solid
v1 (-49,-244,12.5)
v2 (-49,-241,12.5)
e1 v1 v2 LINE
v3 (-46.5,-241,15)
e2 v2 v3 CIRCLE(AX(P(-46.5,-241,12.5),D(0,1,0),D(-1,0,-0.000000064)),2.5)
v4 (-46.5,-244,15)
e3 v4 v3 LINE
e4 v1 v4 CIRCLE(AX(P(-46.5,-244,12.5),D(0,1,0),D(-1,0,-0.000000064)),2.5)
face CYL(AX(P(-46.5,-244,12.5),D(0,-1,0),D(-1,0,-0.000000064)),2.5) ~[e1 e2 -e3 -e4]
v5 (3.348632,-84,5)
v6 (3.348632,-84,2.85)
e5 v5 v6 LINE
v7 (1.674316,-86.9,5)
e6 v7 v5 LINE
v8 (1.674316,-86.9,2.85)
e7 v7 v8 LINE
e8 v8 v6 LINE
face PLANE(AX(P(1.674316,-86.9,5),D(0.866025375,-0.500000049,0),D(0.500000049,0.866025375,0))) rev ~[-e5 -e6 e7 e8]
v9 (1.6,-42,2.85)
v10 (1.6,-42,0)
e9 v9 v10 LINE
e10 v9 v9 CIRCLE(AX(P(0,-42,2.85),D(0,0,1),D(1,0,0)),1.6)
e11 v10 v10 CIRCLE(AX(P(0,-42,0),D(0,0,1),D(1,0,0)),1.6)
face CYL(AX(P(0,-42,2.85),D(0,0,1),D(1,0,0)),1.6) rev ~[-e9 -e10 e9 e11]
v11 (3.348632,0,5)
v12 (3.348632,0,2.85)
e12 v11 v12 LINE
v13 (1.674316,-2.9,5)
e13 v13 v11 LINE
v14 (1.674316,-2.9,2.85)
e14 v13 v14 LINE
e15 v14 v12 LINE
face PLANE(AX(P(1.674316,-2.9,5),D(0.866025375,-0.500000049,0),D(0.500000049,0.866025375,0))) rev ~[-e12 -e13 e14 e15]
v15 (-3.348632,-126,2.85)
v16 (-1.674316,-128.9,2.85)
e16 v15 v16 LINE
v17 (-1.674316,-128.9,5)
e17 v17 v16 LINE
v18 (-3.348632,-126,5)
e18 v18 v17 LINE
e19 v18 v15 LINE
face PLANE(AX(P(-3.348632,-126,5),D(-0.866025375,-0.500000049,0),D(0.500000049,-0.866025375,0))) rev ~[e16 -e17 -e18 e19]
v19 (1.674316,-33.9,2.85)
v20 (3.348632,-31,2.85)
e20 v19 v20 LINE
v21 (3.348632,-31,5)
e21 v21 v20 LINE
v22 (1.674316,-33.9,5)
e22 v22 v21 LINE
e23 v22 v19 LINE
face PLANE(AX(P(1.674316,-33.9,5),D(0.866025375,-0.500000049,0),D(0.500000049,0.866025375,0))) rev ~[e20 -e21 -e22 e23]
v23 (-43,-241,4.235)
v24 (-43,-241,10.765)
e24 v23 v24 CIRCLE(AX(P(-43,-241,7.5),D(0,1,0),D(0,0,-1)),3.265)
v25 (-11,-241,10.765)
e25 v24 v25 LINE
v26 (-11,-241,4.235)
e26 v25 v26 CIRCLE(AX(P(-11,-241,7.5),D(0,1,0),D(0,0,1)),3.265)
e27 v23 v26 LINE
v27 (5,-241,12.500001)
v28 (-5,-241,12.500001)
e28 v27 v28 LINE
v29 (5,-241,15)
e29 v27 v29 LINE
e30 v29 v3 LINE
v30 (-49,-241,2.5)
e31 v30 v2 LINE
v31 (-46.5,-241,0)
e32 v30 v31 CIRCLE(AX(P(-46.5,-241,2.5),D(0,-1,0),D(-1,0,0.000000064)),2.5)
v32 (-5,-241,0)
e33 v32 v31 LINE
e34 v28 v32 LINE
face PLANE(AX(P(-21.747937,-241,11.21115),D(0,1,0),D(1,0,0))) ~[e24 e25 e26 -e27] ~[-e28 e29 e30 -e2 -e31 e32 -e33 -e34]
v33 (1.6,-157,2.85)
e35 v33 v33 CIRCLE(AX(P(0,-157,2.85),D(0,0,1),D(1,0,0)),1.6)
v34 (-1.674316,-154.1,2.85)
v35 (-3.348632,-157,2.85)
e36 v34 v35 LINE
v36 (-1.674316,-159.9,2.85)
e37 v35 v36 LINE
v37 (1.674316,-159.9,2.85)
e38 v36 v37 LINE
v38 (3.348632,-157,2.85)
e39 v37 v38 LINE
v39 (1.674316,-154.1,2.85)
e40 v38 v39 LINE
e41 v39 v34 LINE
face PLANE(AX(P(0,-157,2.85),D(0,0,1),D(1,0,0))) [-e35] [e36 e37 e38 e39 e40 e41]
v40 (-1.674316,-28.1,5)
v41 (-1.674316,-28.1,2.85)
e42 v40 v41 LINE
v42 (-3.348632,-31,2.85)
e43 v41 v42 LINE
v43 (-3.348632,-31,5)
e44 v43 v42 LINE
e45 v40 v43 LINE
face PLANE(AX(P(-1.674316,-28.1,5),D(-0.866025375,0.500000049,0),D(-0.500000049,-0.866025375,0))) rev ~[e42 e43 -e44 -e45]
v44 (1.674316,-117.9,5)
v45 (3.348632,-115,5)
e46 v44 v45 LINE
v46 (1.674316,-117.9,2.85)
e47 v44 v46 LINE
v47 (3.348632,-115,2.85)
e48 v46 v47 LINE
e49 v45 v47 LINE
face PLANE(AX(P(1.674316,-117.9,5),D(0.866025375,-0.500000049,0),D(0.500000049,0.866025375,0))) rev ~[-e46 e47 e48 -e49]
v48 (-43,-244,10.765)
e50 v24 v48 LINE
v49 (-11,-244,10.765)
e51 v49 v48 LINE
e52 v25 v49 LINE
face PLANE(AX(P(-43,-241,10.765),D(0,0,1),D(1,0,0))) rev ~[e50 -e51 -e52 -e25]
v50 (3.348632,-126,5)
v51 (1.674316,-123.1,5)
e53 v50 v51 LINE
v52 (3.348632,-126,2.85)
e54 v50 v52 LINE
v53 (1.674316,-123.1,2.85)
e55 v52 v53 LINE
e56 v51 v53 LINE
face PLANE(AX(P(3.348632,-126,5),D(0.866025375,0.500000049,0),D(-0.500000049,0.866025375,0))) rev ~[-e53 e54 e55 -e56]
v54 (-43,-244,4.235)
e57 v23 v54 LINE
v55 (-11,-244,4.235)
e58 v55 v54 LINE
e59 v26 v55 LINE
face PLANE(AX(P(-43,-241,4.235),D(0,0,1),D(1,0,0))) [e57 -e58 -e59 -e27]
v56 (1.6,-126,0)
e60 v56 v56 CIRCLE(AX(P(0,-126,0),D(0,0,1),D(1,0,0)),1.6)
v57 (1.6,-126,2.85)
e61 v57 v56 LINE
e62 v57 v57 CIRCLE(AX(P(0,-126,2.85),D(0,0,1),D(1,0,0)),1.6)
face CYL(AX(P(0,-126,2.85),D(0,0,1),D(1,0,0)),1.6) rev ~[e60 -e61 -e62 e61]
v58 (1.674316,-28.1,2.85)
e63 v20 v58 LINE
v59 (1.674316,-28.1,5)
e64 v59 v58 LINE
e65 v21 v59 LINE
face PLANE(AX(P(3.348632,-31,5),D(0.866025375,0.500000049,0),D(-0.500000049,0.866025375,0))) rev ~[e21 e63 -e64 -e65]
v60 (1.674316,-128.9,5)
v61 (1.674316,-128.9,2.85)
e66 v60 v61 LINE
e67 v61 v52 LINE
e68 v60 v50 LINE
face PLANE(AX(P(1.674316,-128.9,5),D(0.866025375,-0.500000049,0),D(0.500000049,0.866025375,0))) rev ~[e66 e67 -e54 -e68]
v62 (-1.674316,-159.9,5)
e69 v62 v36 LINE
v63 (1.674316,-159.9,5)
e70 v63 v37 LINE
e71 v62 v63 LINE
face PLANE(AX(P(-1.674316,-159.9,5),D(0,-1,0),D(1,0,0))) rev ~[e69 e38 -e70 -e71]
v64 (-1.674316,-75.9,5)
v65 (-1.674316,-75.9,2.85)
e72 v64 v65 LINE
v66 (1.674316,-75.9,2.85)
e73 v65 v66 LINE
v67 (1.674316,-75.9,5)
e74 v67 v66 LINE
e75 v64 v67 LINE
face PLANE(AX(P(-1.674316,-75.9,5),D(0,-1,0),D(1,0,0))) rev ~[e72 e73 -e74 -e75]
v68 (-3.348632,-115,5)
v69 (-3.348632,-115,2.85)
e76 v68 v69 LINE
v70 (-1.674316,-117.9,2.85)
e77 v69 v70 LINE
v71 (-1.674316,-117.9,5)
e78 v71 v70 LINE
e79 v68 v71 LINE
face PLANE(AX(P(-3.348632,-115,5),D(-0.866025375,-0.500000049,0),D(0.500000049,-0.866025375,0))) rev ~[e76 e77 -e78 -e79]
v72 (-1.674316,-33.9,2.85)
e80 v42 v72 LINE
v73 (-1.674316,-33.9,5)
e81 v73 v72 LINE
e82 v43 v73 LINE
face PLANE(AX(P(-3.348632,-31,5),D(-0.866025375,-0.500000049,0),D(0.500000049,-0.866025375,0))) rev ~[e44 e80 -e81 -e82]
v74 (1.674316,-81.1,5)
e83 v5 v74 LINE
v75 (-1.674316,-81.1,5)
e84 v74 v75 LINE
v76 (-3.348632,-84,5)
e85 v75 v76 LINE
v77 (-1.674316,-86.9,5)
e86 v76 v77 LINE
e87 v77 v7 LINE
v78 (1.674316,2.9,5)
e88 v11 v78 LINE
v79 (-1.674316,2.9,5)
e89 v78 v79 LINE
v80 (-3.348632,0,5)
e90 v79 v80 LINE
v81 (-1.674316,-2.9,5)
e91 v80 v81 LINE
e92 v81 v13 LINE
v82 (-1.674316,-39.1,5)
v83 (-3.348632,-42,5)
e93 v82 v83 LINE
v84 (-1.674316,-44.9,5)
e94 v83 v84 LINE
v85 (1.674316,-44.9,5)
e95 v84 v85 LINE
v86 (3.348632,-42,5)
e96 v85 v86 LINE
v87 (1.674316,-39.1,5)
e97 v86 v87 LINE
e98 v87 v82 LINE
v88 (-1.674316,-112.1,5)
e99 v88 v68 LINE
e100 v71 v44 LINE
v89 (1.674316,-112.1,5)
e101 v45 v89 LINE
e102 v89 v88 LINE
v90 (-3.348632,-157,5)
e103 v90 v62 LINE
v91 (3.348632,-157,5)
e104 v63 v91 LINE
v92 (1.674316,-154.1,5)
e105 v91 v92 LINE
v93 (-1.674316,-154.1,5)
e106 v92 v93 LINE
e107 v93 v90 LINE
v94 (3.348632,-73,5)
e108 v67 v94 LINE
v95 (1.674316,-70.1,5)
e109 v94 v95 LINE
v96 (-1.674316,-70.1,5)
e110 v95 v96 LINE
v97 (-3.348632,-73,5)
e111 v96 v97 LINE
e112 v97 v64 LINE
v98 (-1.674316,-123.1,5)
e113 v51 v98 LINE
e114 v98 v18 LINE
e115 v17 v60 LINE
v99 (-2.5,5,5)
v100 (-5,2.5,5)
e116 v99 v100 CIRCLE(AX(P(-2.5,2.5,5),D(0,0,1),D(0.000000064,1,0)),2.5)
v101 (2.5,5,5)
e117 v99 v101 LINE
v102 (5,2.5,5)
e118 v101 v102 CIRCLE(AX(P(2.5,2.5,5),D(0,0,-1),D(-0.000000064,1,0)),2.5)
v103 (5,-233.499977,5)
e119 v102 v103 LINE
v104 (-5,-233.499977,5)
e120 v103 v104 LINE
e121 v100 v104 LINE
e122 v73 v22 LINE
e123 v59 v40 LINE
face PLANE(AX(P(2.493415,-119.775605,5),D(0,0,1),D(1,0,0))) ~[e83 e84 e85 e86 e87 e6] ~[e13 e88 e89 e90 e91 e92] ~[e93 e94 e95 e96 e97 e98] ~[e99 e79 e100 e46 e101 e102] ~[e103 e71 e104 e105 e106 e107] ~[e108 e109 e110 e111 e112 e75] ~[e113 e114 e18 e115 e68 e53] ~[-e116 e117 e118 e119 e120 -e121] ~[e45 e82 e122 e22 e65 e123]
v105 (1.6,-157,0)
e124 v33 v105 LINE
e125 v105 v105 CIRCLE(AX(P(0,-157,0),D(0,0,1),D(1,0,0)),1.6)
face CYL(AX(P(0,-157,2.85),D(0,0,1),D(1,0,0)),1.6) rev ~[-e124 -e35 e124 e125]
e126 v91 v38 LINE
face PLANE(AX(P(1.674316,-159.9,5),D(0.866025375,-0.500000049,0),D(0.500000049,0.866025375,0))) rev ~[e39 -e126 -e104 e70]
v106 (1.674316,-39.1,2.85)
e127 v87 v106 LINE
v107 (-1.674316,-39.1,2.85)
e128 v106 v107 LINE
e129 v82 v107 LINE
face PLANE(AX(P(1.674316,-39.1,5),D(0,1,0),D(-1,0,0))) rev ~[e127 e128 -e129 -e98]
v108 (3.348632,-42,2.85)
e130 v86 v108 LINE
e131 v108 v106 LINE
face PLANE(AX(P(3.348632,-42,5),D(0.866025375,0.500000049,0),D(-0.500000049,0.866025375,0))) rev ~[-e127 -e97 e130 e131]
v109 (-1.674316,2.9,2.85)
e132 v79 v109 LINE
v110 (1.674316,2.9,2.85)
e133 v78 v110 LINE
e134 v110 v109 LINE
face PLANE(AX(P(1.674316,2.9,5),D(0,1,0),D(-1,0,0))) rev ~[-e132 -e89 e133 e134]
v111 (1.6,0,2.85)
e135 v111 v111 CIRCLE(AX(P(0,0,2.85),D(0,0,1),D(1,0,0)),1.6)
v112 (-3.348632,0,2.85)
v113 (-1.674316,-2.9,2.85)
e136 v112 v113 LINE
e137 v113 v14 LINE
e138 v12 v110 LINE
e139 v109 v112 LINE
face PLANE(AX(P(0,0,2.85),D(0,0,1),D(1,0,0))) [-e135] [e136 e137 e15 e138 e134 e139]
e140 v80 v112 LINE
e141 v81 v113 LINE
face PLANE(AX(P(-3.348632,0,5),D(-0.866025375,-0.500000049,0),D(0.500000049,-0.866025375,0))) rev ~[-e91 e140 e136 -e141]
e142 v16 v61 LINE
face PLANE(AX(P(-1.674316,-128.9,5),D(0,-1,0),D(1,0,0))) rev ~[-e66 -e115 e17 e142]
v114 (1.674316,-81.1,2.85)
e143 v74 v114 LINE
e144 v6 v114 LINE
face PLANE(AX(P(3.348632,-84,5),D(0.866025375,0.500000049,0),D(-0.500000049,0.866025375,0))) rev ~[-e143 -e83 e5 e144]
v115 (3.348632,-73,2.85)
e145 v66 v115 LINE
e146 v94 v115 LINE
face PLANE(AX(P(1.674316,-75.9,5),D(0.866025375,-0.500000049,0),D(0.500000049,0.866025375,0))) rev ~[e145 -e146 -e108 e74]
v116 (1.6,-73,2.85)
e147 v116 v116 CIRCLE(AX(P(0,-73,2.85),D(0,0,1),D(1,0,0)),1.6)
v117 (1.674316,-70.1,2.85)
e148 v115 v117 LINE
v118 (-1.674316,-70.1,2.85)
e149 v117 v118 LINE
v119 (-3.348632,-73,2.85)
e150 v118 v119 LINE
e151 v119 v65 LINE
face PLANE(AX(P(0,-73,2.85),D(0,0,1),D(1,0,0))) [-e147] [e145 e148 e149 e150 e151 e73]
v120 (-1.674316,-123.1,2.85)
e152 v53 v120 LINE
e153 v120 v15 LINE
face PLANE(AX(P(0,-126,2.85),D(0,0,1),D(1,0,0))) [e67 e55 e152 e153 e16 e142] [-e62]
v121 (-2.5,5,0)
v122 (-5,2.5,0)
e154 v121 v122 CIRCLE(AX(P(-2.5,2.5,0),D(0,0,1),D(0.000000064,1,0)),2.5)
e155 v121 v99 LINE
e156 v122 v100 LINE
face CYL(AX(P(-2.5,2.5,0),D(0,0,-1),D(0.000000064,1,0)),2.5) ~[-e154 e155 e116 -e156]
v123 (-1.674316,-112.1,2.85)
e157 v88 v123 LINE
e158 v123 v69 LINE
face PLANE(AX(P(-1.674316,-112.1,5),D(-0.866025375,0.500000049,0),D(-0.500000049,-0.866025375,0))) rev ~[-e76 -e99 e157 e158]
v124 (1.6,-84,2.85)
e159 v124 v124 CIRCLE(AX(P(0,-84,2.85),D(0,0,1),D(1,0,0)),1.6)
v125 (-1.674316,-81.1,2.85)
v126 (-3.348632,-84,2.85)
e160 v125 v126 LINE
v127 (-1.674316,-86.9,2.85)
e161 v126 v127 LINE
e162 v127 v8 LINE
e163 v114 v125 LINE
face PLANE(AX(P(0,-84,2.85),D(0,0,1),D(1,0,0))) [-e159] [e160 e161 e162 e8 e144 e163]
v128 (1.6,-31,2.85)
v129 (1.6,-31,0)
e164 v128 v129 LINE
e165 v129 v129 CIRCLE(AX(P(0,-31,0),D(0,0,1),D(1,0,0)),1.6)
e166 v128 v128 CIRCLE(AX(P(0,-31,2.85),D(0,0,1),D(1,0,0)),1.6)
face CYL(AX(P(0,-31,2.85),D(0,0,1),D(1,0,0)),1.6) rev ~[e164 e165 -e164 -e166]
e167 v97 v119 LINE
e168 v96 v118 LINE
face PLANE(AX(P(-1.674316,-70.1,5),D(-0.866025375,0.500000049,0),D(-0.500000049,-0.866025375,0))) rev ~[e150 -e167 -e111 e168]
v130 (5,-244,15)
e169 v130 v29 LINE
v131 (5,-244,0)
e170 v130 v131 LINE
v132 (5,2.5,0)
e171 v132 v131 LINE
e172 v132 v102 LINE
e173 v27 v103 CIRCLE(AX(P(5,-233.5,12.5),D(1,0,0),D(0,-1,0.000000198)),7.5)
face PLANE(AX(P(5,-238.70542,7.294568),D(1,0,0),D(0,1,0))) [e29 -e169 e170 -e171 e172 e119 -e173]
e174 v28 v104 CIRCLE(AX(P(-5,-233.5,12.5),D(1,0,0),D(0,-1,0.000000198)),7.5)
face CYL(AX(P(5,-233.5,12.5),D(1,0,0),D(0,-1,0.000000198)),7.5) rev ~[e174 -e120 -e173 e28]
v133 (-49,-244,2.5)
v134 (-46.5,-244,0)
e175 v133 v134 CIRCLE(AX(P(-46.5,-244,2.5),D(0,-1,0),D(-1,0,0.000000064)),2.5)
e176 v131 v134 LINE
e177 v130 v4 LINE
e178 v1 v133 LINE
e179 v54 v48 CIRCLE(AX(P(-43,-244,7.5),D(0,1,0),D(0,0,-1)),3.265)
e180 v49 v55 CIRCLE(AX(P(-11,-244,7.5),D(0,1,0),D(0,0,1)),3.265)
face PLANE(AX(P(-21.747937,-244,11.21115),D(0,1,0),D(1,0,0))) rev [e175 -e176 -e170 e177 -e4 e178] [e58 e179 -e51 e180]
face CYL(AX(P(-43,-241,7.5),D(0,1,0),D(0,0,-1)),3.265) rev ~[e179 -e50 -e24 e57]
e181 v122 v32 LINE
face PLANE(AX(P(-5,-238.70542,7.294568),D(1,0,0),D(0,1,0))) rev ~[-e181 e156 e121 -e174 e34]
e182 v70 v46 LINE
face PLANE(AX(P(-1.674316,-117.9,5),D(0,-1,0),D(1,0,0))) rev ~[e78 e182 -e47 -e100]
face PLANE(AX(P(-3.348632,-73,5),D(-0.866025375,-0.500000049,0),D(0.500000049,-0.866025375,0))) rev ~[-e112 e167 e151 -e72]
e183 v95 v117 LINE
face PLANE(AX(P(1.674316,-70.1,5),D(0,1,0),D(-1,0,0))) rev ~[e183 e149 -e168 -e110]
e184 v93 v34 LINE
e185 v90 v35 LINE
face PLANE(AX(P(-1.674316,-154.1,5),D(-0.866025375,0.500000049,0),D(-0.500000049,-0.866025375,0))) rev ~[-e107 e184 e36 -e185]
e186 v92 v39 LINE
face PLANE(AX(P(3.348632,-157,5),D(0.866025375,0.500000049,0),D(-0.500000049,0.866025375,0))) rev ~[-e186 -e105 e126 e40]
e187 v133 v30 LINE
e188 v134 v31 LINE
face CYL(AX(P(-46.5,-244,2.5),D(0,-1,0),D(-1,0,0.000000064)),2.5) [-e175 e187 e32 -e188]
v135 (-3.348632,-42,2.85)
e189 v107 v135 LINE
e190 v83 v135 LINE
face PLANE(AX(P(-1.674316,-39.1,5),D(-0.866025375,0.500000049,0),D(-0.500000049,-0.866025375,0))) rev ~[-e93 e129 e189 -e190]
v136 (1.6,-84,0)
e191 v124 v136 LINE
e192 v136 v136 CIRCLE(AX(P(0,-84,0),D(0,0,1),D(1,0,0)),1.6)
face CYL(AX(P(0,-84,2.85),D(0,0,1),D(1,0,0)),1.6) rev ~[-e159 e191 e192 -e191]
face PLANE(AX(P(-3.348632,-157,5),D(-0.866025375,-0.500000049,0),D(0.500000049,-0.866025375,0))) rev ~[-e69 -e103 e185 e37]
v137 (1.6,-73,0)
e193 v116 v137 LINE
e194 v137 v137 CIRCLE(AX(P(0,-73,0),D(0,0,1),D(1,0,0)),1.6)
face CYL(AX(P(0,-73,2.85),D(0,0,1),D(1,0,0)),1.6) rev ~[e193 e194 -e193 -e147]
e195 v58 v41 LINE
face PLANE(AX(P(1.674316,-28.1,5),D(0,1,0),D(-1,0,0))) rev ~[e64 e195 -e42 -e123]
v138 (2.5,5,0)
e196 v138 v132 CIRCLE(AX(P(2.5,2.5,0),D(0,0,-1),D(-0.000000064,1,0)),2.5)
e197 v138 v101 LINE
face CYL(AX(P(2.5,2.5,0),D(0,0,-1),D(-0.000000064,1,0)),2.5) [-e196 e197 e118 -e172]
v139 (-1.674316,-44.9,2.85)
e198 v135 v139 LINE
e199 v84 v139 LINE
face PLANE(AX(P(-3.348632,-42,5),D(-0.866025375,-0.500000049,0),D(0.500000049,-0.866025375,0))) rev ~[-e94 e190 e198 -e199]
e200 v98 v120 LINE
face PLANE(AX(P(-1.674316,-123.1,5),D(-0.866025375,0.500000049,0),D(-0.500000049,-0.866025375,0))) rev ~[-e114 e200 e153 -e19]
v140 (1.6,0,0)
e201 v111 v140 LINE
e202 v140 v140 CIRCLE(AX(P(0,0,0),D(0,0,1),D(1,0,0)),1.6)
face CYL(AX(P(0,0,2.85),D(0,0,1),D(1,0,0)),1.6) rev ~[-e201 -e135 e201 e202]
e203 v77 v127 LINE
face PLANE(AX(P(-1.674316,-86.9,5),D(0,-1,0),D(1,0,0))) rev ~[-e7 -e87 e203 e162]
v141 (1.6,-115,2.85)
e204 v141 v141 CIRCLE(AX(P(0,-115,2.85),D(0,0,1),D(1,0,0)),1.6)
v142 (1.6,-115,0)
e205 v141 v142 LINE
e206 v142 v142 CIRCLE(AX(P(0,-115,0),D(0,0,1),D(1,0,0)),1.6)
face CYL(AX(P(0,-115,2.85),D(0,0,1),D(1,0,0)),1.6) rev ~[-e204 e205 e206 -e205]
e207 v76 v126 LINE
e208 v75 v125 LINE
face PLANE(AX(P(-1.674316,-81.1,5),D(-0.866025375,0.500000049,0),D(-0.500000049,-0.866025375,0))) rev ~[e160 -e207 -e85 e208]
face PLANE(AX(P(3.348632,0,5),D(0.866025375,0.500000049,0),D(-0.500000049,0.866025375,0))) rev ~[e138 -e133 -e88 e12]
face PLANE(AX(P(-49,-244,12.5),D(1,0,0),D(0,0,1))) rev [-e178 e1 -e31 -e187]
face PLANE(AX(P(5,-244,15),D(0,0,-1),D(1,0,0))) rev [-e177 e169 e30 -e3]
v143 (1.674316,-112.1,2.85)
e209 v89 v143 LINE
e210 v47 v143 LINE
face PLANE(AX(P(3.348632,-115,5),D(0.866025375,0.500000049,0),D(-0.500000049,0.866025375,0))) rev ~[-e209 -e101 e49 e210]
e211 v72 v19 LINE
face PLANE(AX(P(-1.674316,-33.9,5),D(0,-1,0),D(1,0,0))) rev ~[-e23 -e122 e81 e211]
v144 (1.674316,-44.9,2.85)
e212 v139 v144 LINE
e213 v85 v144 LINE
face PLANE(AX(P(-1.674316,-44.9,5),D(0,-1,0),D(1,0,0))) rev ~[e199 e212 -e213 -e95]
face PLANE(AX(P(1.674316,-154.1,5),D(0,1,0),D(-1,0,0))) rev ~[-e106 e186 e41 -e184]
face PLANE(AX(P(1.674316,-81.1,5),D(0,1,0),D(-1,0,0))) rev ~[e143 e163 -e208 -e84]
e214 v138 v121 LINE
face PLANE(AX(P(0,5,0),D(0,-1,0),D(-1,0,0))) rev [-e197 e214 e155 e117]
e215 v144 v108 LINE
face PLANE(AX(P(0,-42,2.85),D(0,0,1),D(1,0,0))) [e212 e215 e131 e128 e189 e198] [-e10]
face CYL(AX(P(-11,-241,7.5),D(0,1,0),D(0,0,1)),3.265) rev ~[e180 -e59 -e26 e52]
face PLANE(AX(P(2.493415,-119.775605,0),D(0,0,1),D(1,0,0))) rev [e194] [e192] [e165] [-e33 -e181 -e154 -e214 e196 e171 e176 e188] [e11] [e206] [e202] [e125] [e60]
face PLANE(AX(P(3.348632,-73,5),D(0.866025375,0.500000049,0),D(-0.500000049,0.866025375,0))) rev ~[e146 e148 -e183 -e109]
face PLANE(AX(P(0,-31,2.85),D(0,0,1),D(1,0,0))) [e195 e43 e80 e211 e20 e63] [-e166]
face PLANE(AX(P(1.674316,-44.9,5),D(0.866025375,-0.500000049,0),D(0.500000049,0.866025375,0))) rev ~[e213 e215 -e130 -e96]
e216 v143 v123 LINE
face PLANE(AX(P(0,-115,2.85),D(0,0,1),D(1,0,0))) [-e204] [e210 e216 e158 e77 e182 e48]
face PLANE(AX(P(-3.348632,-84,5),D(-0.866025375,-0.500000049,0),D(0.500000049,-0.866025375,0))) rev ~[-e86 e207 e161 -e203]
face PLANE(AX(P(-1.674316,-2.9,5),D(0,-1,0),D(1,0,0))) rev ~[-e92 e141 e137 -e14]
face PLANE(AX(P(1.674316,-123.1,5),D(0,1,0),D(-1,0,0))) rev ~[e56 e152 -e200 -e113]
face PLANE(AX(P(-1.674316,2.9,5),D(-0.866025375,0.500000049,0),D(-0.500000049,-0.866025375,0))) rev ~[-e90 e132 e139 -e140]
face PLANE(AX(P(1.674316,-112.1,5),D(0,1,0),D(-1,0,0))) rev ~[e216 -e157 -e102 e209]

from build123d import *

# Parameters (mm, degrees)
PAD_DEPTH                    = 5
POCKET_DEPTH                 = 2.15
SKETCH002_R                  = 1.6
HOLE_DEPTH                   = 501.352755
POCKET_LINEARPATTERN_2_DEPTH = 2.15
SKETCH002_LINEARPATTERN_2_R  = 1.6
HOLE_LINEARPATTERN_2_DEPTH   = 501.352755
LINEARPATTERN001_COUNT       = 4
LINEARPATTERN001_PITCH       = 42
PAD001_DEPTH                 = 3
POCKET001_DEPTH              = 3.001
PAD002_DEPTH                 = 10


with BuildPart() as part:
    # Sketch → Pad (new body)
    with BuildSketch(Plane.XY):
        with BuildLine():
            Line((0, 5), (-2.5, 5))
            ThreePointArc((-2.5, 5), (-4.267767, 4.267767), (-5, 2.5))
            Line((-5, 2.5), (-5, -244))
            Line((-5, -244), (0, -244))
            Line((0, -244), (0, 5))
        make_face()
    pad = extrude(amount=PAD_DEPTH)

    # Mirrored: Pad across Sketch V_Axis
    add(pad.mirror(Plane(origin=(0, 0, 0), x_dir=(0, 0, 1), z_dir=(1, 0, 0))))

    # Sketch001 (on Face5 of Mirrored) → Pocket (cut)
    with BuildSketch(Plane.XY.offset(5)):
        Polygon((3.348632, 0), (1.674316, 2.9), (-1.674316, 2.9), (-3.348632, 0), (-1.674316, -2.9), (1.674316, -2.9), align=None)
    pocket = extrude(amount=-POCKET_DEPTH, mode=Mode.SUBTRACT)

    # Sketch002 (on Face19 of Pocket) → Hole (cut, through all)
    with BuildSketch(Plane.XY.offset(2.85)):
        Circle(SKETCH002_R)
    hole = extrude(amount=-HOLE_DEPTH, mode=Mode.SUBTRACT)

    # Sketch001 LinearPattern 2 → Pocket LinearPattern 2 (cut)
    with BuildSketch(Plane(origin=(0, -31, 5), x_dir=(1, 0, 0), z_dir=(0, 0, 1))):
        Polygon((3.348632, 0), (1.674316, 2.9), (-1.674316, 2.9), (-3.348632, 0), (-1.674316, -2.9), (1.674316, -2.9), align=None)
    pocket_linearpattern_2 = extrude(amount=-POCKET_LINEARPATTERN_2_DEPTH, mode=Mode.SUBTRACT)

    # Sketch002 LinearPattern 2 → Hole LinearPattern 2 (cut, through all)
    with BuildSketch(Plane(origin=(0, -31, 2.85), x_dir=(1, 0, 0), z_dir=(0, 0, 1))):
        Circle(SKETCH002_LINEARPATTERN_2_R)
    hole_linearpattern_2 = extrude(amount=-HOLE_LINEARPATTERN_2_DEPTH, mode=Mode.SUBTRACT)

    # LinearPattern001: Pocket, Hole, Pocket LinearPattern 2, Hole LinearPattern 2 ×4
    with Locations(*[(0, -i * LINEARPATTERN001_PITCH, 0) for i in range(1, LINEARPATTERN001_COUNT)]):
        add(pocket, mode=Mode.SUBTRACT)
        add(hole, mode=Mode.SUBTRACT)
        add(pocket_linearpattern_2, mode=Mode.SUBTRACT)
        add(hole_linearpattern_2, mode=Mode.SUBTRACT)

    # Sketch004 (on Face15 of MultiTransform) → Pad001 (join)
    with BuildSketch(Plane.XZ.offset(244)):
        with BuildLine():
            Line((5, 0), (-46.5, 0))
            ThreePointArc((-49, 2.5), (-48.267767, 0.732233), (-46.5, 0))
            Line((-49, 2.5), (-49, 7.5))
            Line((-49, 7.5), (5, 7.5))
            Line((5, 7.5), (5, 0))
        make_face()
    pad001 = extrude(amount=-PAD001_DEPTH)

    # Mirrored001: Pad001 across face of Pad001
    add(pad001.mirror(Plane(origin=(-22, -242.5, 7.5), x_dir=(1, 0, 0), z_dir=(0, 0, 1))))

    # Sketch005 (on Face51 of Mirrored001) → Pocket001 (cut, through all)
    with BuildSketch(Plane(origin=(0, -241, 0), x_dir=(-1, 0, 0), z_dir=(0, 1, 0))):
        with BuildLine():
            ThreePointArc((43, 4.235), (46.265, 7.5), (43, 10.765))
            Line((43, 10.765), (11, 10.765))
            ThreePointArc((11, 10.765), (7.735, 7.5), (11, 4.235))
            Line((43, 4.235), (11, 4.235))
        make_face()
    extrude(amount=-POCKET001_DEPTH, mode=Mode.SUBTRACT)

    # Sketch007 (on Face52 of Pocket001) → Pad002 (join)
    with BuildSketch(Plane.YZ.offset(5)):
        with BuildLine():
            Line((-241, 5), (-233.499977, 5))
            ThreePointArc((-241, 12.500001), (-238.803293, 7.196691), (-233.499977, 5))
            Line((-241, 5), (-241, 12.500001))
        make_face()
    extrude(amount=-PAD002_DEPTH)


solid = part.part
